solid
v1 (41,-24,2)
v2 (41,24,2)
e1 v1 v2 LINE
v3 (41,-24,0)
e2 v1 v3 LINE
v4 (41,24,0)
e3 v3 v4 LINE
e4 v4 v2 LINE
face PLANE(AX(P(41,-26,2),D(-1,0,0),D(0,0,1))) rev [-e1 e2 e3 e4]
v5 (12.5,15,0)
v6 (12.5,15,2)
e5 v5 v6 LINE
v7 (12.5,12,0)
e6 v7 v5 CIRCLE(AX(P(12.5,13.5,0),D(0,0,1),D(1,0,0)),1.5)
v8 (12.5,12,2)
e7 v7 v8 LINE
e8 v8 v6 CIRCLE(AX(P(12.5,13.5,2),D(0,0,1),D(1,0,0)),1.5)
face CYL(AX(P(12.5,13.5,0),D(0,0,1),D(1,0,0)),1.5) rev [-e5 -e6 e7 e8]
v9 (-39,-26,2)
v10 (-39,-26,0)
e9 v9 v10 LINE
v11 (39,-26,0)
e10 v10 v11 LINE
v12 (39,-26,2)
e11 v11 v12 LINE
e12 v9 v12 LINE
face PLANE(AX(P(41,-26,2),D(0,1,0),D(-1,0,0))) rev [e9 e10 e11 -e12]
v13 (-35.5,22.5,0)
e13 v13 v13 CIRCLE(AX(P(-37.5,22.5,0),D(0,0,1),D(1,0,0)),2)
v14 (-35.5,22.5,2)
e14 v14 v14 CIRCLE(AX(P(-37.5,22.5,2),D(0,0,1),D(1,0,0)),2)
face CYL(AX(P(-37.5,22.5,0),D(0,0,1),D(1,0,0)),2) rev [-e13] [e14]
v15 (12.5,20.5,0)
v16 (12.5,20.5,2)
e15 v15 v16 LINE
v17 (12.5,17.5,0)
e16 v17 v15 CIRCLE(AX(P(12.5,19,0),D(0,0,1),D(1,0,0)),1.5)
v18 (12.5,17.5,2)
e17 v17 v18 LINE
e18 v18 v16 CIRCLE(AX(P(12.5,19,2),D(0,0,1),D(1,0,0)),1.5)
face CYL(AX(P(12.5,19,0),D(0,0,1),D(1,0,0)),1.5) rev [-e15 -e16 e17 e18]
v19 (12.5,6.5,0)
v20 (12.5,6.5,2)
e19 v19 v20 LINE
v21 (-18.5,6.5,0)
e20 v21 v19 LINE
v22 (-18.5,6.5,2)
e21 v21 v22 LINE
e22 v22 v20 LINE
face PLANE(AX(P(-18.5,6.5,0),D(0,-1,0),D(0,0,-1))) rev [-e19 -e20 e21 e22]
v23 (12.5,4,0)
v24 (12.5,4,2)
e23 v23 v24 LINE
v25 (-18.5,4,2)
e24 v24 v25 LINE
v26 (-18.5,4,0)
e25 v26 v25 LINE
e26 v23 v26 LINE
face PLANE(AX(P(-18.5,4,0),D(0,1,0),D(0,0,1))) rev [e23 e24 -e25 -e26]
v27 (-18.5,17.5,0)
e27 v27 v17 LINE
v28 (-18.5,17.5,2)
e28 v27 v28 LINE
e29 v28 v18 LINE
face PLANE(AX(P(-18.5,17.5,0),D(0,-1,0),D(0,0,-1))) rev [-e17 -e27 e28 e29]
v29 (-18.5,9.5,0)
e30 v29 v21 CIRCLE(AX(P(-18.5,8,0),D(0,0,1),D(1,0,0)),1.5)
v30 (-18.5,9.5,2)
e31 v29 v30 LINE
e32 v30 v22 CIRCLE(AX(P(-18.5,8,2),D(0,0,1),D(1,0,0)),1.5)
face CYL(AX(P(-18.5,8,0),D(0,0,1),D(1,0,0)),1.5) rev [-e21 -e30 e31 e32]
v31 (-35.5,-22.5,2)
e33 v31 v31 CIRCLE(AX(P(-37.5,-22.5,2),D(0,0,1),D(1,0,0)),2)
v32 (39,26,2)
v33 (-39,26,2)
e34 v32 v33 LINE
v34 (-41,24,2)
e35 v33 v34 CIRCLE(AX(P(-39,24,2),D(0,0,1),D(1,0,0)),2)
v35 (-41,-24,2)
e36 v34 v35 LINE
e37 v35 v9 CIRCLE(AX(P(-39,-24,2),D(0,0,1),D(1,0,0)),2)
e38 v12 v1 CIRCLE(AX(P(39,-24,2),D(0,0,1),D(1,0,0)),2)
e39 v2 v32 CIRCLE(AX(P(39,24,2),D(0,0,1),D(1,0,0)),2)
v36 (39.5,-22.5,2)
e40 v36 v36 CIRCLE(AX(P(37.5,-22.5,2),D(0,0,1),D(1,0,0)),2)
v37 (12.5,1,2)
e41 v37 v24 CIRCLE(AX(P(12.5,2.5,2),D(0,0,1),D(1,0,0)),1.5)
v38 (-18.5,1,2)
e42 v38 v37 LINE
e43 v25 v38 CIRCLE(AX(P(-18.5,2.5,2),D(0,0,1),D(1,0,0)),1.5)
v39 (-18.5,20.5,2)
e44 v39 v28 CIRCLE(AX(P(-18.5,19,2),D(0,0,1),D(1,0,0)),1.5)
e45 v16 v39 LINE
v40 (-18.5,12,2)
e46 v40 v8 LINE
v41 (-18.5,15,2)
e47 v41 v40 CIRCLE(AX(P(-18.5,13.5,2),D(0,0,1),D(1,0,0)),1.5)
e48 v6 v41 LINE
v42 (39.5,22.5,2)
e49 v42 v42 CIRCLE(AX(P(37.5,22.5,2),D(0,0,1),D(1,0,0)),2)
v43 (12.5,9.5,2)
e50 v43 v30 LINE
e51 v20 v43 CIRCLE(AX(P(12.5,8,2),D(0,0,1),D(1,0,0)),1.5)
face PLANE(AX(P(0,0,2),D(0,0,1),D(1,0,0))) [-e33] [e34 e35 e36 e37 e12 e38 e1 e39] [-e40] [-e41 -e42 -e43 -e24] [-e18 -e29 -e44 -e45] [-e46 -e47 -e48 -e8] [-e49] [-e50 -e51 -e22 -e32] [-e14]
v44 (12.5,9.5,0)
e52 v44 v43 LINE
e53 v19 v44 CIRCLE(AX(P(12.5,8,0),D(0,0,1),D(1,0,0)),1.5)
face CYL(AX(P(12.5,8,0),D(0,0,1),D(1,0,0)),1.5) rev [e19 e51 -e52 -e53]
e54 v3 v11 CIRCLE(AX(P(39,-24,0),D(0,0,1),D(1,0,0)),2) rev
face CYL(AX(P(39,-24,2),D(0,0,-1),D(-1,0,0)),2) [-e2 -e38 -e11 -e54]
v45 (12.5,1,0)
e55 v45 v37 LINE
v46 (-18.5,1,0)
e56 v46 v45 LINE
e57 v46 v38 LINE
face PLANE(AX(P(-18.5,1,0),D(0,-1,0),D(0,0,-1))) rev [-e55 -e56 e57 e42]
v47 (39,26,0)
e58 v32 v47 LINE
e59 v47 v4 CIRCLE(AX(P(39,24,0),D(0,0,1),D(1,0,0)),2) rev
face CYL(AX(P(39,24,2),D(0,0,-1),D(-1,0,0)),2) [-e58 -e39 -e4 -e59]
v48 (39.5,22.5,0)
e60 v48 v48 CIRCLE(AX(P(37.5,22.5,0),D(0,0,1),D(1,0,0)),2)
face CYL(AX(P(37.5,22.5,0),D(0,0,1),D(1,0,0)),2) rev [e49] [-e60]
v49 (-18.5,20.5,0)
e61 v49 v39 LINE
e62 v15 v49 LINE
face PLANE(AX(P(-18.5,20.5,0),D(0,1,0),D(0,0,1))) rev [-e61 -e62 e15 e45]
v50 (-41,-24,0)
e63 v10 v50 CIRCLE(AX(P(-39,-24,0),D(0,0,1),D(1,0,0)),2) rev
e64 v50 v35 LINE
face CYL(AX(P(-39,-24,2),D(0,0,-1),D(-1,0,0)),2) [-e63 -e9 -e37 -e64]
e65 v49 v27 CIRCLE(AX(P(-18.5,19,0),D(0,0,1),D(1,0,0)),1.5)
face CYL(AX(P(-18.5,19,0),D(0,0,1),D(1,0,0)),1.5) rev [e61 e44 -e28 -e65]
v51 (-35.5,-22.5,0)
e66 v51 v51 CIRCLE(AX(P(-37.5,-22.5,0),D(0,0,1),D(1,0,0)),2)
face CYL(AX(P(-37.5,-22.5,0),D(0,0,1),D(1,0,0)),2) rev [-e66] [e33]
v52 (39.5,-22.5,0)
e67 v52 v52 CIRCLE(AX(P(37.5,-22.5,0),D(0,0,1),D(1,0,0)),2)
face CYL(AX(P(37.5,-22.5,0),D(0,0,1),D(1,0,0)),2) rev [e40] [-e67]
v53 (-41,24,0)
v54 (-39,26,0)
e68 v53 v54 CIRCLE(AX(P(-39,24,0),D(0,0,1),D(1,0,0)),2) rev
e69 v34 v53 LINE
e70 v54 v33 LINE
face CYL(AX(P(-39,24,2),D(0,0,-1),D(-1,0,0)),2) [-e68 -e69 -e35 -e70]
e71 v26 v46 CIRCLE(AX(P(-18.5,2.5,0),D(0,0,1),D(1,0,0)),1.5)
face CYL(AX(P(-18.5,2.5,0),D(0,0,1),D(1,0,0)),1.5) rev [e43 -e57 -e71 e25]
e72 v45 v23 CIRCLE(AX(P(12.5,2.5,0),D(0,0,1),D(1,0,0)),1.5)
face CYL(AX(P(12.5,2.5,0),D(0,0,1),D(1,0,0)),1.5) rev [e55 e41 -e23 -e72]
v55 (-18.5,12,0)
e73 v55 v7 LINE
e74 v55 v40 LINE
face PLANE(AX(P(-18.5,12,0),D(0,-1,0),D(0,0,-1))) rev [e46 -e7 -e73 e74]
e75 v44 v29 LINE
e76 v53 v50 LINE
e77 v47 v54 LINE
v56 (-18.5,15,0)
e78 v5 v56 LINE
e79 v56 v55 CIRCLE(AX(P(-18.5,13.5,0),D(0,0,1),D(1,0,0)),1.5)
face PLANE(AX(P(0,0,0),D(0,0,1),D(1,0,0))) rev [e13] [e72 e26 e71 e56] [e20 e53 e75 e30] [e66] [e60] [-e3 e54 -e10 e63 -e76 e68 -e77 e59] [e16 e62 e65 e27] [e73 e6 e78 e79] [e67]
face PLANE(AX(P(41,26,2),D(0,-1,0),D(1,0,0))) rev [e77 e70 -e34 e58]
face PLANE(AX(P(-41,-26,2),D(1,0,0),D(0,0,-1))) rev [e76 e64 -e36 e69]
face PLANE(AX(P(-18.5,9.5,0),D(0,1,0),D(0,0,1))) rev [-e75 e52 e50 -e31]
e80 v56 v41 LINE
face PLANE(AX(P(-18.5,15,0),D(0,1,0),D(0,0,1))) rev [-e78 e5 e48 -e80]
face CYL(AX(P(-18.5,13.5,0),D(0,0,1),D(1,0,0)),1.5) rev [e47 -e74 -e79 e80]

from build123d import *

# Parameters (mm, degrees)
SKETCH1_W           = 82
SKETCH1_H           = 52
BOSS_EXTRUDE1_DEPTH = 2
FILLET1_R           = 2
CUT_EXTRUDE1_DEPTH  = 49.590122453
SKETCH3_R           = 2
CUT_EXTRUDE2_DEPTH  = 49.590122453


with BuildPart() as part:
    # Sketch1 → Boss-Extrude1 (new body)
    with BuildSketch(Plane.XY):
        Rectangle(SKETCH1_W, SKETCH1_H)
    extrude(amount=BOSS_EXTRUDE1_DEPTH)

    # Fillet1
    fillet1_edges = [part.edges().sort_by_distance(p)[0] for p in [
        (-41, 26, 1),
        (41, 26, 1),
        (41, -26, 1),
        (-41, -26, 1),
    ]]
    fillet(fillet1_edges, radius=FILLET1_R)

    # Sketch2 → Cut-Extrude1 (cut, through all)
    with BuildSketch(Plane.XY.offset(2)):
        with BuildLine():
            Line((-18.5, 20.5), (12.5, 20.5))
            ThreePointArc((12.5, 20.5), (14, 19), (12.5, 17.5))
            Line((12.5, 17.5), (-18.5, 17.5))
            ThreePointArc((-18.5, 17.5), (-20, 19), (-18.5, 20.5))
        make_face()
        with BuildLine():
            Line((-18.5, 15), (12.5, 15))
            ThreePointArc((12.5, 15), (14, 13.5), (12.5, 12))
            Line((12.5, 12), (-18.5, 12))
            ThreePointArc((-18.5, 12), (-20, 13.5), (-18.5, 15))
        make_face()
        with BuildLine():
            Line((-18.5, 9.5), (12.5, 9.5))
            ThreePointArc((12.5, 9.5), (14, 8), (12.5, 6.5))
            Line((12.5, 6.5), (-18.5, 6.5))
            ThreePointArc((-18.5, 6.5), (-20, 8), (-18.5, 9.5))
        make_face()
        with BuildLine():
            Line((-18.5, 4), (12.5, 4))
            ThreePointArc((12.5, 4), (14, 2.5), (12.5, 1))
            Line((12.5, 1), (-18.5, 1))
            ThreePointArc((-18.5, 1), (-20, 2.5), (-18.5, 4))
        make_face()
    extrude(amount=-CUT_EXTRUDE1_DEPTH, mode=Mode.SUBTRACT)

    # Sketch3 → Cut-Extrude2 (cut, through all)
    with BuildSketch(Plane.XY.offset(2)):
        with Locations((37.5, 22.5)):
            Circle(SKETCH3_R)
        with Locations((-37.5, 22.5)):
            Circle(SKETCH3_R)
        with Locations((37.5, -22.5)):
            Circle(SKETCH3_R)
        with Locations((-37.5, -22.5)):
            Circle(SKETCH3_R)
    extrude(amount=-CUT_EXTRUDE2_DEPTH, mode=Mode.SUBTRACT)


solid = part.part
